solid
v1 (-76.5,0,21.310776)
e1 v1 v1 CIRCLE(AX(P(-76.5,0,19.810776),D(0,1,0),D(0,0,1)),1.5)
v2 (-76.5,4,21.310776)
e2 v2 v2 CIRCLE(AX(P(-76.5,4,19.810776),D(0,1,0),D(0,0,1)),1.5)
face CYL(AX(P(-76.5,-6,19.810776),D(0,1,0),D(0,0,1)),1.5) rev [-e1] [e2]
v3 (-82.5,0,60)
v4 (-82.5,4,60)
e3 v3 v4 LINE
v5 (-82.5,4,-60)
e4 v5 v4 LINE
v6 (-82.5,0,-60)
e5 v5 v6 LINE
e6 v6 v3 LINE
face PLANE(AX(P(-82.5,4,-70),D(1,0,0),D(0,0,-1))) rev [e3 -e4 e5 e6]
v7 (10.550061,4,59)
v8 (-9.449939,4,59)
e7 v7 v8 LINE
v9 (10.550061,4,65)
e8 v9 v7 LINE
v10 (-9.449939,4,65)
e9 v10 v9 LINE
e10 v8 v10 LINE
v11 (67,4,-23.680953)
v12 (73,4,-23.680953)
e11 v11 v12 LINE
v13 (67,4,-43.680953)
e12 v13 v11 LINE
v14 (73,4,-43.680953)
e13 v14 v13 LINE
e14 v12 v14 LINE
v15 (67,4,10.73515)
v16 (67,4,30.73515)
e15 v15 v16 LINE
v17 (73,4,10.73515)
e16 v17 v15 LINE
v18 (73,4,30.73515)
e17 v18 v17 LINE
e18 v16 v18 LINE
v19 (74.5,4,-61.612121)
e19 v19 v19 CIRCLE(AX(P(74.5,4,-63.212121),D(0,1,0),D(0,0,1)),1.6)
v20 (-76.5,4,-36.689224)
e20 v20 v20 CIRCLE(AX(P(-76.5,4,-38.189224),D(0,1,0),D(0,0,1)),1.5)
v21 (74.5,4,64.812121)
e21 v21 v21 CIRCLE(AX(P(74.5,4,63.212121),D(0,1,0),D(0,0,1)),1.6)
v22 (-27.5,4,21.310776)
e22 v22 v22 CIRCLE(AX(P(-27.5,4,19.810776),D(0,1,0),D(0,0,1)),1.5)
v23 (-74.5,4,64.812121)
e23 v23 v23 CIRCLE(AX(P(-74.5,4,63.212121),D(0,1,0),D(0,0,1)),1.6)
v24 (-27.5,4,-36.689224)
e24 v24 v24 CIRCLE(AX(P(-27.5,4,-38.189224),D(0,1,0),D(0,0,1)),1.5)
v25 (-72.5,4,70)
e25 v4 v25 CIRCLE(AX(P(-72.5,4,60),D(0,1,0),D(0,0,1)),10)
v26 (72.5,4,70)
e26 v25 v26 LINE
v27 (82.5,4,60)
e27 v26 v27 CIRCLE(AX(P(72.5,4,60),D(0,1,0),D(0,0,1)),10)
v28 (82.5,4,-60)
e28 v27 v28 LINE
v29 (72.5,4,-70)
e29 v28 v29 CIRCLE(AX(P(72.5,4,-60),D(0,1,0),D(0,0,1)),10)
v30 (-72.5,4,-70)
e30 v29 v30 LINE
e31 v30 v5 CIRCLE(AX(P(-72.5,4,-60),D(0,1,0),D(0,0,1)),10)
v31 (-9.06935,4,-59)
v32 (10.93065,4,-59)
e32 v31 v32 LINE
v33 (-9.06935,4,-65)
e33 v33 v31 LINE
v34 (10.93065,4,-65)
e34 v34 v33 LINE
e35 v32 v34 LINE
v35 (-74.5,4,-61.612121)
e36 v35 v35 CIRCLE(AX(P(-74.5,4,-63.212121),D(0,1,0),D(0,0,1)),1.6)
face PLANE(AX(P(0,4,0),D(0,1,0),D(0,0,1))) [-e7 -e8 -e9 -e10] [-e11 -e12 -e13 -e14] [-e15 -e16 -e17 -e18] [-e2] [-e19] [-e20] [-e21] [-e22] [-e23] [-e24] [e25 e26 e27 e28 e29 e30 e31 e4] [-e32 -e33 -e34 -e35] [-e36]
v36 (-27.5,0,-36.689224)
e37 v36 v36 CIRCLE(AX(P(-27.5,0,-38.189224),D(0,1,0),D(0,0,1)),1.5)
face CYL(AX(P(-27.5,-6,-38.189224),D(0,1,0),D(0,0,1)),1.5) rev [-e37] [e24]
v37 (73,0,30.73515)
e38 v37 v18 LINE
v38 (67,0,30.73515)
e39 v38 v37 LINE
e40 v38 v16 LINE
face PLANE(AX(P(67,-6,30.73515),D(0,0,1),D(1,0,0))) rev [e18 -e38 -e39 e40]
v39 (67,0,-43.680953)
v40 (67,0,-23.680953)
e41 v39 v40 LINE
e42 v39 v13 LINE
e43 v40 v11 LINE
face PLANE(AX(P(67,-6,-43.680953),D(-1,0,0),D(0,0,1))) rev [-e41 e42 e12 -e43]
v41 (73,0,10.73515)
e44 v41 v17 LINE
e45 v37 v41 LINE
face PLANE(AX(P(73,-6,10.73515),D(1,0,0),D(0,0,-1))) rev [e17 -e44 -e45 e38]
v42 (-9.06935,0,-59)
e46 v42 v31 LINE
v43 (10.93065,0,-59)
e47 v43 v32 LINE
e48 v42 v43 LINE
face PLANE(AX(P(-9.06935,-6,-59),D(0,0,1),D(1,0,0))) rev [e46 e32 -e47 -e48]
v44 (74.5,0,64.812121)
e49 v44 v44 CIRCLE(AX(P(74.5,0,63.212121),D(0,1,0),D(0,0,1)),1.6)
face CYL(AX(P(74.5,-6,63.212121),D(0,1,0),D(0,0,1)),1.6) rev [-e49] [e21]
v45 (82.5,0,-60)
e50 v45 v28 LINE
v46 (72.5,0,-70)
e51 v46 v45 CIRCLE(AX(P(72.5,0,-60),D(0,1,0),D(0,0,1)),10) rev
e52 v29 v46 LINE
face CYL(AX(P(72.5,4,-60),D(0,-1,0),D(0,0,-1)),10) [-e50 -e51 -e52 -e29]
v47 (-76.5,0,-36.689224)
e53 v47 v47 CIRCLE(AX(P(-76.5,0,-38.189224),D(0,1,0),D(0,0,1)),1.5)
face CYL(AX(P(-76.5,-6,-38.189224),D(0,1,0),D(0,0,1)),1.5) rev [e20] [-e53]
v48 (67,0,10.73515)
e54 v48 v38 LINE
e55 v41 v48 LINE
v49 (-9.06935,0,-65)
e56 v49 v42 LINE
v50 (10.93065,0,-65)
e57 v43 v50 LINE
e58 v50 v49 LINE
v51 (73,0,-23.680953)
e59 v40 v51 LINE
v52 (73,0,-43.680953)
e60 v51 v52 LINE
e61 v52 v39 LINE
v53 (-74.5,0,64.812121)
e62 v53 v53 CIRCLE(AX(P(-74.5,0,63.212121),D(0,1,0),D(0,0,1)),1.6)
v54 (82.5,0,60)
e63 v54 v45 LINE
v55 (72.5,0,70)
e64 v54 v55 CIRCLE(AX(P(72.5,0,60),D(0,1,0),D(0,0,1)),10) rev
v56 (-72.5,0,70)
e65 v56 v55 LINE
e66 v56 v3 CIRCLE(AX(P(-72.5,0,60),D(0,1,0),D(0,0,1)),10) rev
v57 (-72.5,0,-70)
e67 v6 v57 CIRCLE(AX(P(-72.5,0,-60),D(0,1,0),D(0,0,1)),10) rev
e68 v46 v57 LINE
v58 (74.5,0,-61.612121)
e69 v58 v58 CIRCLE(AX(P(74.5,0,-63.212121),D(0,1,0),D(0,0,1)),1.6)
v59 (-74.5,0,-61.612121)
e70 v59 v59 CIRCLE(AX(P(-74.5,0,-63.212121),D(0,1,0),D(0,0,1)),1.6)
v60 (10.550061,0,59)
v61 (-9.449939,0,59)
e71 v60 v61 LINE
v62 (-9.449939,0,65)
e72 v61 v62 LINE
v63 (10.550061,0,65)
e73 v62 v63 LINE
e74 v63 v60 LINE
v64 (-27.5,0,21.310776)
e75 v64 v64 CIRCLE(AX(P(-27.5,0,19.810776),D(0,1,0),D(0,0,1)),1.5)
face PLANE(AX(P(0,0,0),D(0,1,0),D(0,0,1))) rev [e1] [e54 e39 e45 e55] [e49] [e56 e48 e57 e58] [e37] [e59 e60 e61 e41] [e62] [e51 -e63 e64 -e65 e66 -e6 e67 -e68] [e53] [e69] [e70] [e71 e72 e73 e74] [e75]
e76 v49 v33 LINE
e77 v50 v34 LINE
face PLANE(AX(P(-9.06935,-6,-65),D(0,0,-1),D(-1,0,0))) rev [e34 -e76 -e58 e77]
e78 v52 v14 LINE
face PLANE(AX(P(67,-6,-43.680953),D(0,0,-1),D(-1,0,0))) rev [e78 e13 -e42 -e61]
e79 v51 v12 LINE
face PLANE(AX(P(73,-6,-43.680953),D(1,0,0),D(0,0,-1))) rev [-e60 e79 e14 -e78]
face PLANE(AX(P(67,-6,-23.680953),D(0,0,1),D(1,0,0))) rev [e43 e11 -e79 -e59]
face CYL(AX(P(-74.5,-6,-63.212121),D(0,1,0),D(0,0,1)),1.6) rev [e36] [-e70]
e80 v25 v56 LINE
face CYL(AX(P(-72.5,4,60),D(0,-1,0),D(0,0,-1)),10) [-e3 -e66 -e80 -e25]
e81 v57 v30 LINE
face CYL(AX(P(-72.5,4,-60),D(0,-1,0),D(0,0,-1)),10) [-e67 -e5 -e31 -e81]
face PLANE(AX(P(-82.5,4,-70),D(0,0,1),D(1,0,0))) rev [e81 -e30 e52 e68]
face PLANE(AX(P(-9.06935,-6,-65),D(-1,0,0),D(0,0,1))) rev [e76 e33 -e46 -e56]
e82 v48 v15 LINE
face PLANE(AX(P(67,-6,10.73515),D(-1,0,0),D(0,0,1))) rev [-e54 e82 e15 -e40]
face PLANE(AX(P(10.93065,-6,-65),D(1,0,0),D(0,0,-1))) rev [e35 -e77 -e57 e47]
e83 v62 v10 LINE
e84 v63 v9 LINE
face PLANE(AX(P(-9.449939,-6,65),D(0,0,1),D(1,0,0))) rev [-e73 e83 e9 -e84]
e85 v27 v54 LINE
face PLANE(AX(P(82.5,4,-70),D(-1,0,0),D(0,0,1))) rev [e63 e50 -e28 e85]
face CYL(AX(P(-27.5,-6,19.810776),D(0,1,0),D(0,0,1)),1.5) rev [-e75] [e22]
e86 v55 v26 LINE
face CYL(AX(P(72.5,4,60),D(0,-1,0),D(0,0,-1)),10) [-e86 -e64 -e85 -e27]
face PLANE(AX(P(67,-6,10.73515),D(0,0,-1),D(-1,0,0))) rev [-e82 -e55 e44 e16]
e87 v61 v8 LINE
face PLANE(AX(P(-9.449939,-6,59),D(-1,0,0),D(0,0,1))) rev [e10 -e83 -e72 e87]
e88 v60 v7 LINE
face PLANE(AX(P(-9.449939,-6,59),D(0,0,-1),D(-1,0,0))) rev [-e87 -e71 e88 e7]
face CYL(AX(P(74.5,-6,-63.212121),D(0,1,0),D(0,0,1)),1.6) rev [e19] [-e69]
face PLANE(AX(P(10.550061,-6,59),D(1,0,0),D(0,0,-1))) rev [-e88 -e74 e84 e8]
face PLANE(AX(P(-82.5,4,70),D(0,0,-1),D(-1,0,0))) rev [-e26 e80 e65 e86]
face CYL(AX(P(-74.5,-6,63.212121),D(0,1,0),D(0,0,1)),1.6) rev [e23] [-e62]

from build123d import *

# Parameters (mm, degrees)
SKETCH1_W           = 165
SKETCH1_H           = 140
BOSS_EXTRUDE1_DEPTH = 4
SKETCH2_R           = 1.6
CUT_EXTRUDE1_DEPTH  = 10
FILLET1_R           = 10
SKETCH3_R           = 1.5
CUT_EXTRUDE2_DEPTH  = 10
SKETCH4_W           = 6
SKETCH4_H           = 20
SKETCH4_W_2         = 20
SKETCH4_H_2         = 6
CUT_EXTRUDE3_DEPTH  = 10


with BuildPart() as part:
    # Sketch1 → Boss-Extrude1 (new body)
    with BuildSketch(Plane(origin=(0, 0, 0), x_dir=(1, 0, 0), z_dir=(0, 1, 0))):
        Rectangle(SKETCH1_W, SKETCH1_H)
    extrude(amount=BOSS_EXTRUDE1_DEPTH)

    # Sketch2 → Cut-Extrude1 (cut)
    with BuildSketch(Plane(origin=(0, 4, 0), x_dir=(1, 0, 0), z_dir=(0, 1, 0))):
        with Locations(Location((-74.5, 63.212121212, 0), (0, 0, 270))):
            Circle(SKETCH2_R)
        with Locations(Location((-74.5, -63.212121212, 0), (0, 0, 270))):
            Circle(SKETCH2_R)
        with Locations(Location((74.5, -63.212121212, 0), (0, 0, 270))):
            Circle(SKETCH2_R)
        with Locations(Location((74.5, 63.212121212, 0), (0, 0, 270))):
            Circle(SKETCH2_R)
    extrude(amount=-CUT_EXTRUDE1_DEPTH, mode=Mode.SUBTRACT)

    # Fillet1
    fillet1_edges = [part.edges().sort_by_distance(p)[0] for p in [
        (82.5, 2, 70),
        (-82.5, 2, 70),
        (-82.5, 2, -70),
        (82.5, 2, -70),
    ]]
    fillet(fillet1_edges, radius=FILLET1_R)

    # Sketch3 → Cut-Extrude2 (cut)
    with BuildSketch(Plane(origin=(0, 4, 0), x_dir=(1, 0, 0), z_dir=(0, 1, 0))):
        with Locations(Location((-76.5, 38.189224362, 0), (0, 0, 270))):
            Circle(SKETCH3_R)
        with Locations(Location((-27.5, 38.189224362, 0), (0, 0, 270))):
            Circle(SKETCH3_R)
        with Locations(Location((-76.5, -19.810775638, 0), (0, 0, 270))):
            Circle(SKETCH3_R)
        with Locations(Location((-27.5, -19.810775638, 0), (0, 0, 270))):
            Circle(SKETCH3_R)
    extrude(amount=-CUT_EXTRUDE2_DEPTH, mode=Mode.SUBTRACT)

    # Sketch4 → Cut-Extrude3 (cut)
    with BuildSketch(Plane(origin=(0, 4, 0), x_dir=(1, 0, 0), z_dir=(0, 1, 0))):
        with Locations((70, 33.680953207)):
            Rectangle(SKETCH4_W, SKETCH4_H)
        with Locations((70, -20.735149517)):
            Rectangle(SKETCH4_W, SKETCH4_H)
        with Locations((0.550060732, -62)):
            Rectangle(SKETCH4_W_2, SKETCH4_H_2)
        with Locations((0.930649546, 62)):
            Rectangle(SKETCH4_W_2, SKETCH4_H_2)
    extrude(amount=-CUT_EXTRUDE3_DEPTH, mode=Mode.SUBTRACT)


solid = part.part
